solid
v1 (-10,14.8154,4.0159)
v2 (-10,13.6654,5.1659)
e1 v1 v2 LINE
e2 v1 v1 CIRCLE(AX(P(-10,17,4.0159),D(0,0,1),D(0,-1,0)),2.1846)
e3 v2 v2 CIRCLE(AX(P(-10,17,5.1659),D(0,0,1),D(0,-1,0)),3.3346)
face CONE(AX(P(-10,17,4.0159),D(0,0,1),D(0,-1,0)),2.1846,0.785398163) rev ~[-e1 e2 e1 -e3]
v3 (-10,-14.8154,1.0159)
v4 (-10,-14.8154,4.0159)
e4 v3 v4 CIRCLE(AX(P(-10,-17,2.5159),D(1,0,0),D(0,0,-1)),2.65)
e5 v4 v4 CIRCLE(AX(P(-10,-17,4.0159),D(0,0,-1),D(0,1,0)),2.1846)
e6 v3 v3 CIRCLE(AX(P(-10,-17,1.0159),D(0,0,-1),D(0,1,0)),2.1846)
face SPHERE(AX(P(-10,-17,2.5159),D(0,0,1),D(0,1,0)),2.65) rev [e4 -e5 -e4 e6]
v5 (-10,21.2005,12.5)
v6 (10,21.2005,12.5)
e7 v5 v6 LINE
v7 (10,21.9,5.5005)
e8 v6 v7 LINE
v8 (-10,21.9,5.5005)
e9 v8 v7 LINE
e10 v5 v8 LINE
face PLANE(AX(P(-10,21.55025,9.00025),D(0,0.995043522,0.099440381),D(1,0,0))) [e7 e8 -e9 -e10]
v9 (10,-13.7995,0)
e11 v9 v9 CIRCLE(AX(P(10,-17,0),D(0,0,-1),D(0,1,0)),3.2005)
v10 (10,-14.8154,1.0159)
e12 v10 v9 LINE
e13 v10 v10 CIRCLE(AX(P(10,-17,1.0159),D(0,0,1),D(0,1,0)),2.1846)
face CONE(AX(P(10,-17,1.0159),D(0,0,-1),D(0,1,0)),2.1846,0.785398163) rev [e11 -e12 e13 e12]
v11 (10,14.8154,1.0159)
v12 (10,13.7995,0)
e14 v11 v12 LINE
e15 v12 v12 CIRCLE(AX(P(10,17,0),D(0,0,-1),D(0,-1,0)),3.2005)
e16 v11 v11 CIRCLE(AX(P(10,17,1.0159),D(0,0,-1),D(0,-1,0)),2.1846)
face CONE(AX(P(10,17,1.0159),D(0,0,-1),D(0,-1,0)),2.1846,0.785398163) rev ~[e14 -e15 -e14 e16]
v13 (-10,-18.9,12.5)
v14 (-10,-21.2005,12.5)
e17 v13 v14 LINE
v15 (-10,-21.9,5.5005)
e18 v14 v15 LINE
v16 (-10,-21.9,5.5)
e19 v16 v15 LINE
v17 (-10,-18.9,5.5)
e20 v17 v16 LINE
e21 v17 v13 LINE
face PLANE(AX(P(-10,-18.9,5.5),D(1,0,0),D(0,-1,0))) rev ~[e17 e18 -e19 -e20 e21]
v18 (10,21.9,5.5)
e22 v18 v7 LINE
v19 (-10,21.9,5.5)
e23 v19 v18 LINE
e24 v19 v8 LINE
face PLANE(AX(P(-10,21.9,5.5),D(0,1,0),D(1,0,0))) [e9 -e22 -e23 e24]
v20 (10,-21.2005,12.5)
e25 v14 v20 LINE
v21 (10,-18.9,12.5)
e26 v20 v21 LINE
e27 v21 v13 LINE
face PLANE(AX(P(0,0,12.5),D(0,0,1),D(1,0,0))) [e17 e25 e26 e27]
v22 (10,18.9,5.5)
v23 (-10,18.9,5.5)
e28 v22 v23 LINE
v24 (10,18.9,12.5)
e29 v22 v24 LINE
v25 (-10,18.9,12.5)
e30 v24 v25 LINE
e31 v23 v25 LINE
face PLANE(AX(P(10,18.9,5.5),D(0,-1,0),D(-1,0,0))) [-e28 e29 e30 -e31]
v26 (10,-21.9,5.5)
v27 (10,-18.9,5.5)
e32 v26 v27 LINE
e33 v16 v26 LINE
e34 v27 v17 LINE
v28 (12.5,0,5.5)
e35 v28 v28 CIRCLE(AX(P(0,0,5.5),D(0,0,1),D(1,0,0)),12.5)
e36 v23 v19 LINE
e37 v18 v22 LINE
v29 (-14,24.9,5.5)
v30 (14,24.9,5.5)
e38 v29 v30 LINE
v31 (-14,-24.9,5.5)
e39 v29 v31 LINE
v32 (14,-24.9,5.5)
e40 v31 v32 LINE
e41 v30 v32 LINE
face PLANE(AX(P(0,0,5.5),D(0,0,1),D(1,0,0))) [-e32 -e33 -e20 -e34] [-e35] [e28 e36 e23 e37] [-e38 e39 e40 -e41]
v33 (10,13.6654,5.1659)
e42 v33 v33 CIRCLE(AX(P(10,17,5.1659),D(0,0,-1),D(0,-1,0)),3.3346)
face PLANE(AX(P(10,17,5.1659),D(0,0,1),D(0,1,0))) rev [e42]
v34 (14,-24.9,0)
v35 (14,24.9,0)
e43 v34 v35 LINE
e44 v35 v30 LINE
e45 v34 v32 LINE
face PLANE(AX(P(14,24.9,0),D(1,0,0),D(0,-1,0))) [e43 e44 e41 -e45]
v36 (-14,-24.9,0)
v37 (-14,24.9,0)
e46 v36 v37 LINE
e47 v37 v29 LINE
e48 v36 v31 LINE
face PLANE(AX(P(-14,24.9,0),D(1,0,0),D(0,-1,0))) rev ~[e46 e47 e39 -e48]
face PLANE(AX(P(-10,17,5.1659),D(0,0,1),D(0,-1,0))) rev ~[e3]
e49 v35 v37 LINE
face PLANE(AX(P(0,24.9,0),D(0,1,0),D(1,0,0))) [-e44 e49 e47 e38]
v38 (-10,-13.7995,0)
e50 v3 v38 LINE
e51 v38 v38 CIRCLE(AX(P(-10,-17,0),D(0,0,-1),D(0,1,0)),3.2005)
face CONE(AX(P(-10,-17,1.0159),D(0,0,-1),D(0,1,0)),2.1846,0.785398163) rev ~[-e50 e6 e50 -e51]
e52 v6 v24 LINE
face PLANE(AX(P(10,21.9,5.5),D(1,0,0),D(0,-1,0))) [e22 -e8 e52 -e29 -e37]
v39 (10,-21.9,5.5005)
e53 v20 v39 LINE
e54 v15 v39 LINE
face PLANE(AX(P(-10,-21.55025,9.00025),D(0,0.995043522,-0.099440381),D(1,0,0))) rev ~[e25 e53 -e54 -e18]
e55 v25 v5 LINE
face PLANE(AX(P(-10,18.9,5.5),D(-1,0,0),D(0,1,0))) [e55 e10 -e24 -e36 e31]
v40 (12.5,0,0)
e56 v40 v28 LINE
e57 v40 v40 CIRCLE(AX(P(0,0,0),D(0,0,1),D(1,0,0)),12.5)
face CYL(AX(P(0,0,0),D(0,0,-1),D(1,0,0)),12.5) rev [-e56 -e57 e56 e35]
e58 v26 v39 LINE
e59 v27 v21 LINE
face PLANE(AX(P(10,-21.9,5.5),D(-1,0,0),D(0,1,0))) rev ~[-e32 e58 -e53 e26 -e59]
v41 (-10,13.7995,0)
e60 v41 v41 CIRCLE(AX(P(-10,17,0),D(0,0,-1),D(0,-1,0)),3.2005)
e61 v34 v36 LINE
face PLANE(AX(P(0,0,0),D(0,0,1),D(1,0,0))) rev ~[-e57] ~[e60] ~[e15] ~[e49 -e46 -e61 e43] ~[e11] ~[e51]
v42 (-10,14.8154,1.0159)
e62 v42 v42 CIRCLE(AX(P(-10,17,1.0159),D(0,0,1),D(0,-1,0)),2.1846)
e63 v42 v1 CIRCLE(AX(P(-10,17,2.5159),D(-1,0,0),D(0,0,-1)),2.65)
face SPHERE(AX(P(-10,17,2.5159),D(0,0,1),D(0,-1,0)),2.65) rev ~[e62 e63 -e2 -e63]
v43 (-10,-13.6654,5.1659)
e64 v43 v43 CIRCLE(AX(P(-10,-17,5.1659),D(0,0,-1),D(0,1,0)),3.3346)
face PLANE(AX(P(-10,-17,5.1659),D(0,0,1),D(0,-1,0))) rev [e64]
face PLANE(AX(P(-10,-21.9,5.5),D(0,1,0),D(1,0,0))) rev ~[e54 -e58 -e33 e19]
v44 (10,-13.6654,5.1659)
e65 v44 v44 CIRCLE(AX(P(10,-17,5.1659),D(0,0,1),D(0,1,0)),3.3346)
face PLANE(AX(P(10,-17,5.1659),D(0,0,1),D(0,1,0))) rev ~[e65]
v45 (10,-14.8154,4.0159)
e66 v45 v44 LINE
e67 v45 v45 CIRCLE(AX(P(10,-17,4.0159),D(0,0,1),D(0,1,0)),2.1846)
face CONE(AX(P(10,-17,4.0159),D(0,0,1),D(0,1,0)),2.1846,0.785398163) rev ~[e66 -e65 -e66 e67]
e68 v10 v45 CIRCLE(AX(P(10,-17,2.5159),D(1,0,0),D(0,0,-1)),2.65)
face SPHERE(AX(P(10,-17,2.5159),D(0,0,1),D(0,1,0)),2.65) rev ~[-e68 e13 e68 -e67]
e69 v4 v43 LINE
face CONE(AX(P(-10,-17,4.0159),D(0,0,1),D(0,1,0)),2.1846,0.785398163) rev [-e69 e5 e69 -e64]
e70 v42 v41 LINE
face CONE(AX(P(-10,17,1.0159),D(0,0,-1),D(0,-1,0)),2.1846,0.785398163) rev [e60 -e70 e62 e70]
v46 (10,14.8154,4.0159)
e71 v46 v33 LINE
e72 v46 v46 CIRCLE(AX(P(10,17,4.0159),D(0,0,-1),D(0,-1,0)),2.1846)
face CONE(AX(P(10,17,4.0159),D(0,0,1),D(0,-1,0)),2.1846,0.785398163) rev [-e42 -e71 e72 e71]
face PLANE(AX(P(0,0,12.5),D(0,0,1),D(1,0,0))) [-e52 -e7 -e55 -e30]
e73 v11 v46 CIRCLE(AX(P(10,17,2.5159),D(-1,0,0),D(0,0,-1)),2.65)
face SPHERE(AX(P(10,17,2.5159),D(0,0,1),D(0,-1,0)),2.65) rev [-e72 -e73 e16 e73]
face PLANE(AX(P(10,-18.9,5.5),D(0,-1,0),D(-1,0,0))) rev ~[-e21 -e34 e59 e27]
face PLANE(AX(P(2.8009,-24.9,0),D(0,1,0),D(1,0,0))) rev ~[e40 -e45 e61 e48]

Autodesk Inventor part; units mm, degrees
ref_plane "XZ Plane" through (0, 0, 0) normal (0, 1, 0) x (-1, 0, 0)
ref_plane "XY Plane" through (0, 0, 0) normal (0, 0, 1) x (1, 0, 0)
sketch "Sketch1" plane through (0, 0, 0) normal (0, 0, 1) x (1, 0, 0)
  line L0 (0, -35.8) -> (0, 40.5) construction
  line L1 (0, 0) -> (11.1575, 11.1575) construction
  line L2 (0, 0) -> (15.7791, 0) construction
  line L3 (0, 24.9) -> (14, 24.9)
  line L4 (14, 24.9) -> (14, 21.2415)
  line L5 (2.8009, -24.9) -> (14, -24.9)
  line L6 (14, -24.9) -> (14, -21.2415)
  line L7 (0, 24.9) -> (-14, 24.9)
  line L8 (-14, 24.9) -> (-14, 21.2415)
  line L9 (2.8009, -24.9) -> (-14, -24.9)
  line L10 (-14, -24.9) -> (-14, -21.2415)
  circle A0 centre (0, 0) radius 12.5
  line L11 (14, 24.9) -> (14, -21.2415)
  line L12 (-14, 21.2415) -> (-14, -21.2415)
  dimension "d0" = 45
  dimension "d5" = 25
  dimension "d19" = 28
extrude "Extrusion1" add sketch "Sketch1" along normal blind 5.5
sketch "Sketch2" plane through (0, 0, 5.5) normal (0, 0, 1) x (1, 0, 0)
  circle A0 centre (0, 0) radius 12.5 projected
  line L0 (14, 24.9) -> (-14, 24.9) projected
  line L1 (-14, 24.9) -> (-14, -24.9) projected
  line L2 (-14, -24.9) -> (14, -24.9) projected
  line L3 (14, -24.9) -> (14, 24.9) projected
  line L4 (-37.0494, 0) -> (27.1749, 0) construction
  line L5 (0, -35.8) -> (0, 40.5) construction
  line L6 (-10, 21.9) -> (10, 21.9)
  line L7 (10, 21.9) -> (10, 18.9)
  line L8 (10, 18.9) -> (-10, 18.9)
  line L9 (-10, 18.9) -> (-10, 21.9)
  line L10 (-10, -21.9) -> (10, -21.9)
  line L11 (10, -21.9) -> (10, -18.9)
  line L12 (10, -18.9) -> (-10, -18.9)
  line L13 (-10, -18.9) -> (-10, -21.9)
  dimension "d8" = 20
  dimension "d9" = 3
  dimension "d10" = 3
  dimension "d20" = 18.9
  dimension "d21" = 18.9
extrude "Extrusion2" add sketch "Sketch2" along normal blind 7 contours L6 L7 L8 L9 | L13 L12 L11 L10
chamfer "Fase1" distance 0.7 distance2 7 1 edges at (0, 21.9, 12.5) measured on face at (-3.3333, 19.9, 12.5)
chamfer "Fase2" distance 0.7 distance2 7 1 edges at (0, -21.9, 12.5) measured on face at (-3.3333, -19.9, 12.5)
sketch "Skizze4" plane through (0, 0, 0) normal (0, 0, -1) x (-1, 0, 0)
  line L0 (10, -18.9) -> (-10, -18.9) projected
  line L1 (-10, 18.9) -> (10, 18.9) projected
  line L2 (10, -18.9) -> (-10, -18.9)
  line L3 (-10, -18.9) -> (-10, 18.9) construction
  line L4 (-10, 18.9) -> (10, 18.9)
  line L5 (10, 18.9) -> (10, -18.9)
  line L6 (-10, -21.9) -> (10, -21.9) projected
  line L7 (-10, -18.9) -> (10, -18.9)
  line L8 (10, -18.9) -> (10, -21.9)
  line L9 (10, -21.9) -> (-10, -21.9)
  line L10 (-10, -21.9) -> (-10, -18.9)
  point P0 (0, 0)
  point P1 (10, -20.4)
  point P2 (0, 0)
  point P3 (-10, -17)
  dimension "d22" = 18.9
  dimension "d23" = 20
  dimension "d24" = 3
  dimension "d33" = 17
ref_plane "Arbeitsebene2" through (10, -17, 0) normal (1, 0, 0) x (0, 1, 0)
sketch "Skizze5" plane through (10, -20.4, 0) normal (0, 0, -1) x (0, 1, 0)
  line L0 (50, 0.0005) -> (0, 0.0005)
  point P0 (20.4, -10)
  point P1 (25, 0)
  point P2 (40, 8)
  point P3 (6.6949, -37.8745)
  point P4 (0, 0.0005)
sketch "Skizze6" plane through (10, -17, 0) normal (1, 0, 0) x (0, 1, 0)
  line L0 (50, -0.1341) -> (0, -0.1341)
  line L1 (-5, 0.0159) -> (-5, 5.0159)
  line L2 (0, -0.1341) -> (0, 5.1659)
  line L3 (0, 1.0159) -> (2.1846, 1.0159)
  line L4 (-2.3, -1.5874) -> (-2.3, 1.1997)
  line L5 (0, -1.5874) -> (0, -0.1341)
  arc A0 (-2.3, 3.8322) -> (-0.8789, 0.0159) centre (0, 2.5159) ccw
  arc A1 (0, -0.1341) -> (0, 5.1659) centre (0, 2.5159) ccw
  line L6 (2.1846, 1.0159) -> (3.3346, -0.1341)
  line L7 (3.3346, -0.1341) -> (0, -0.1341)
  line L8 (0, 2.5159) -> (1.8859, 2.5159)
  line L9 (2.1846, 4.0159) -> (3.3346, 5.1659)
  line L10 (3.3346, 5.1659) -> (0, 5.1659)
  point P0 (17, 0)
  point P1 (25, 0)
  point P2 (40, 8)
  point P3 (6.6949, -37.8745)
  point P4 (0, -0.1341)
  dimension "d34" = 2.65
  dimension "d35" = 5
  dimension "d36" = 2.3
  dimension "d37" = 135
  dimension "d38" = 1.5
  dimension "d39" = 2.65
revolve "Umdrehung2" cut sketch "Skizze6" angle 360 about axis through (10, -17, -0.1341) along (0, 0, 1)
mirror "Spiegeln3" about plane through (0, 0, 0) normal (1, 0, 0) of "Umdrehung2"
mirror "Spiegeln4" about plane through (0, 0, 0) normal (0, 1, 0) of "Umdrehung2", "Spiegeln3"
properties part number "20_Cube_insert_Sample_holder"
